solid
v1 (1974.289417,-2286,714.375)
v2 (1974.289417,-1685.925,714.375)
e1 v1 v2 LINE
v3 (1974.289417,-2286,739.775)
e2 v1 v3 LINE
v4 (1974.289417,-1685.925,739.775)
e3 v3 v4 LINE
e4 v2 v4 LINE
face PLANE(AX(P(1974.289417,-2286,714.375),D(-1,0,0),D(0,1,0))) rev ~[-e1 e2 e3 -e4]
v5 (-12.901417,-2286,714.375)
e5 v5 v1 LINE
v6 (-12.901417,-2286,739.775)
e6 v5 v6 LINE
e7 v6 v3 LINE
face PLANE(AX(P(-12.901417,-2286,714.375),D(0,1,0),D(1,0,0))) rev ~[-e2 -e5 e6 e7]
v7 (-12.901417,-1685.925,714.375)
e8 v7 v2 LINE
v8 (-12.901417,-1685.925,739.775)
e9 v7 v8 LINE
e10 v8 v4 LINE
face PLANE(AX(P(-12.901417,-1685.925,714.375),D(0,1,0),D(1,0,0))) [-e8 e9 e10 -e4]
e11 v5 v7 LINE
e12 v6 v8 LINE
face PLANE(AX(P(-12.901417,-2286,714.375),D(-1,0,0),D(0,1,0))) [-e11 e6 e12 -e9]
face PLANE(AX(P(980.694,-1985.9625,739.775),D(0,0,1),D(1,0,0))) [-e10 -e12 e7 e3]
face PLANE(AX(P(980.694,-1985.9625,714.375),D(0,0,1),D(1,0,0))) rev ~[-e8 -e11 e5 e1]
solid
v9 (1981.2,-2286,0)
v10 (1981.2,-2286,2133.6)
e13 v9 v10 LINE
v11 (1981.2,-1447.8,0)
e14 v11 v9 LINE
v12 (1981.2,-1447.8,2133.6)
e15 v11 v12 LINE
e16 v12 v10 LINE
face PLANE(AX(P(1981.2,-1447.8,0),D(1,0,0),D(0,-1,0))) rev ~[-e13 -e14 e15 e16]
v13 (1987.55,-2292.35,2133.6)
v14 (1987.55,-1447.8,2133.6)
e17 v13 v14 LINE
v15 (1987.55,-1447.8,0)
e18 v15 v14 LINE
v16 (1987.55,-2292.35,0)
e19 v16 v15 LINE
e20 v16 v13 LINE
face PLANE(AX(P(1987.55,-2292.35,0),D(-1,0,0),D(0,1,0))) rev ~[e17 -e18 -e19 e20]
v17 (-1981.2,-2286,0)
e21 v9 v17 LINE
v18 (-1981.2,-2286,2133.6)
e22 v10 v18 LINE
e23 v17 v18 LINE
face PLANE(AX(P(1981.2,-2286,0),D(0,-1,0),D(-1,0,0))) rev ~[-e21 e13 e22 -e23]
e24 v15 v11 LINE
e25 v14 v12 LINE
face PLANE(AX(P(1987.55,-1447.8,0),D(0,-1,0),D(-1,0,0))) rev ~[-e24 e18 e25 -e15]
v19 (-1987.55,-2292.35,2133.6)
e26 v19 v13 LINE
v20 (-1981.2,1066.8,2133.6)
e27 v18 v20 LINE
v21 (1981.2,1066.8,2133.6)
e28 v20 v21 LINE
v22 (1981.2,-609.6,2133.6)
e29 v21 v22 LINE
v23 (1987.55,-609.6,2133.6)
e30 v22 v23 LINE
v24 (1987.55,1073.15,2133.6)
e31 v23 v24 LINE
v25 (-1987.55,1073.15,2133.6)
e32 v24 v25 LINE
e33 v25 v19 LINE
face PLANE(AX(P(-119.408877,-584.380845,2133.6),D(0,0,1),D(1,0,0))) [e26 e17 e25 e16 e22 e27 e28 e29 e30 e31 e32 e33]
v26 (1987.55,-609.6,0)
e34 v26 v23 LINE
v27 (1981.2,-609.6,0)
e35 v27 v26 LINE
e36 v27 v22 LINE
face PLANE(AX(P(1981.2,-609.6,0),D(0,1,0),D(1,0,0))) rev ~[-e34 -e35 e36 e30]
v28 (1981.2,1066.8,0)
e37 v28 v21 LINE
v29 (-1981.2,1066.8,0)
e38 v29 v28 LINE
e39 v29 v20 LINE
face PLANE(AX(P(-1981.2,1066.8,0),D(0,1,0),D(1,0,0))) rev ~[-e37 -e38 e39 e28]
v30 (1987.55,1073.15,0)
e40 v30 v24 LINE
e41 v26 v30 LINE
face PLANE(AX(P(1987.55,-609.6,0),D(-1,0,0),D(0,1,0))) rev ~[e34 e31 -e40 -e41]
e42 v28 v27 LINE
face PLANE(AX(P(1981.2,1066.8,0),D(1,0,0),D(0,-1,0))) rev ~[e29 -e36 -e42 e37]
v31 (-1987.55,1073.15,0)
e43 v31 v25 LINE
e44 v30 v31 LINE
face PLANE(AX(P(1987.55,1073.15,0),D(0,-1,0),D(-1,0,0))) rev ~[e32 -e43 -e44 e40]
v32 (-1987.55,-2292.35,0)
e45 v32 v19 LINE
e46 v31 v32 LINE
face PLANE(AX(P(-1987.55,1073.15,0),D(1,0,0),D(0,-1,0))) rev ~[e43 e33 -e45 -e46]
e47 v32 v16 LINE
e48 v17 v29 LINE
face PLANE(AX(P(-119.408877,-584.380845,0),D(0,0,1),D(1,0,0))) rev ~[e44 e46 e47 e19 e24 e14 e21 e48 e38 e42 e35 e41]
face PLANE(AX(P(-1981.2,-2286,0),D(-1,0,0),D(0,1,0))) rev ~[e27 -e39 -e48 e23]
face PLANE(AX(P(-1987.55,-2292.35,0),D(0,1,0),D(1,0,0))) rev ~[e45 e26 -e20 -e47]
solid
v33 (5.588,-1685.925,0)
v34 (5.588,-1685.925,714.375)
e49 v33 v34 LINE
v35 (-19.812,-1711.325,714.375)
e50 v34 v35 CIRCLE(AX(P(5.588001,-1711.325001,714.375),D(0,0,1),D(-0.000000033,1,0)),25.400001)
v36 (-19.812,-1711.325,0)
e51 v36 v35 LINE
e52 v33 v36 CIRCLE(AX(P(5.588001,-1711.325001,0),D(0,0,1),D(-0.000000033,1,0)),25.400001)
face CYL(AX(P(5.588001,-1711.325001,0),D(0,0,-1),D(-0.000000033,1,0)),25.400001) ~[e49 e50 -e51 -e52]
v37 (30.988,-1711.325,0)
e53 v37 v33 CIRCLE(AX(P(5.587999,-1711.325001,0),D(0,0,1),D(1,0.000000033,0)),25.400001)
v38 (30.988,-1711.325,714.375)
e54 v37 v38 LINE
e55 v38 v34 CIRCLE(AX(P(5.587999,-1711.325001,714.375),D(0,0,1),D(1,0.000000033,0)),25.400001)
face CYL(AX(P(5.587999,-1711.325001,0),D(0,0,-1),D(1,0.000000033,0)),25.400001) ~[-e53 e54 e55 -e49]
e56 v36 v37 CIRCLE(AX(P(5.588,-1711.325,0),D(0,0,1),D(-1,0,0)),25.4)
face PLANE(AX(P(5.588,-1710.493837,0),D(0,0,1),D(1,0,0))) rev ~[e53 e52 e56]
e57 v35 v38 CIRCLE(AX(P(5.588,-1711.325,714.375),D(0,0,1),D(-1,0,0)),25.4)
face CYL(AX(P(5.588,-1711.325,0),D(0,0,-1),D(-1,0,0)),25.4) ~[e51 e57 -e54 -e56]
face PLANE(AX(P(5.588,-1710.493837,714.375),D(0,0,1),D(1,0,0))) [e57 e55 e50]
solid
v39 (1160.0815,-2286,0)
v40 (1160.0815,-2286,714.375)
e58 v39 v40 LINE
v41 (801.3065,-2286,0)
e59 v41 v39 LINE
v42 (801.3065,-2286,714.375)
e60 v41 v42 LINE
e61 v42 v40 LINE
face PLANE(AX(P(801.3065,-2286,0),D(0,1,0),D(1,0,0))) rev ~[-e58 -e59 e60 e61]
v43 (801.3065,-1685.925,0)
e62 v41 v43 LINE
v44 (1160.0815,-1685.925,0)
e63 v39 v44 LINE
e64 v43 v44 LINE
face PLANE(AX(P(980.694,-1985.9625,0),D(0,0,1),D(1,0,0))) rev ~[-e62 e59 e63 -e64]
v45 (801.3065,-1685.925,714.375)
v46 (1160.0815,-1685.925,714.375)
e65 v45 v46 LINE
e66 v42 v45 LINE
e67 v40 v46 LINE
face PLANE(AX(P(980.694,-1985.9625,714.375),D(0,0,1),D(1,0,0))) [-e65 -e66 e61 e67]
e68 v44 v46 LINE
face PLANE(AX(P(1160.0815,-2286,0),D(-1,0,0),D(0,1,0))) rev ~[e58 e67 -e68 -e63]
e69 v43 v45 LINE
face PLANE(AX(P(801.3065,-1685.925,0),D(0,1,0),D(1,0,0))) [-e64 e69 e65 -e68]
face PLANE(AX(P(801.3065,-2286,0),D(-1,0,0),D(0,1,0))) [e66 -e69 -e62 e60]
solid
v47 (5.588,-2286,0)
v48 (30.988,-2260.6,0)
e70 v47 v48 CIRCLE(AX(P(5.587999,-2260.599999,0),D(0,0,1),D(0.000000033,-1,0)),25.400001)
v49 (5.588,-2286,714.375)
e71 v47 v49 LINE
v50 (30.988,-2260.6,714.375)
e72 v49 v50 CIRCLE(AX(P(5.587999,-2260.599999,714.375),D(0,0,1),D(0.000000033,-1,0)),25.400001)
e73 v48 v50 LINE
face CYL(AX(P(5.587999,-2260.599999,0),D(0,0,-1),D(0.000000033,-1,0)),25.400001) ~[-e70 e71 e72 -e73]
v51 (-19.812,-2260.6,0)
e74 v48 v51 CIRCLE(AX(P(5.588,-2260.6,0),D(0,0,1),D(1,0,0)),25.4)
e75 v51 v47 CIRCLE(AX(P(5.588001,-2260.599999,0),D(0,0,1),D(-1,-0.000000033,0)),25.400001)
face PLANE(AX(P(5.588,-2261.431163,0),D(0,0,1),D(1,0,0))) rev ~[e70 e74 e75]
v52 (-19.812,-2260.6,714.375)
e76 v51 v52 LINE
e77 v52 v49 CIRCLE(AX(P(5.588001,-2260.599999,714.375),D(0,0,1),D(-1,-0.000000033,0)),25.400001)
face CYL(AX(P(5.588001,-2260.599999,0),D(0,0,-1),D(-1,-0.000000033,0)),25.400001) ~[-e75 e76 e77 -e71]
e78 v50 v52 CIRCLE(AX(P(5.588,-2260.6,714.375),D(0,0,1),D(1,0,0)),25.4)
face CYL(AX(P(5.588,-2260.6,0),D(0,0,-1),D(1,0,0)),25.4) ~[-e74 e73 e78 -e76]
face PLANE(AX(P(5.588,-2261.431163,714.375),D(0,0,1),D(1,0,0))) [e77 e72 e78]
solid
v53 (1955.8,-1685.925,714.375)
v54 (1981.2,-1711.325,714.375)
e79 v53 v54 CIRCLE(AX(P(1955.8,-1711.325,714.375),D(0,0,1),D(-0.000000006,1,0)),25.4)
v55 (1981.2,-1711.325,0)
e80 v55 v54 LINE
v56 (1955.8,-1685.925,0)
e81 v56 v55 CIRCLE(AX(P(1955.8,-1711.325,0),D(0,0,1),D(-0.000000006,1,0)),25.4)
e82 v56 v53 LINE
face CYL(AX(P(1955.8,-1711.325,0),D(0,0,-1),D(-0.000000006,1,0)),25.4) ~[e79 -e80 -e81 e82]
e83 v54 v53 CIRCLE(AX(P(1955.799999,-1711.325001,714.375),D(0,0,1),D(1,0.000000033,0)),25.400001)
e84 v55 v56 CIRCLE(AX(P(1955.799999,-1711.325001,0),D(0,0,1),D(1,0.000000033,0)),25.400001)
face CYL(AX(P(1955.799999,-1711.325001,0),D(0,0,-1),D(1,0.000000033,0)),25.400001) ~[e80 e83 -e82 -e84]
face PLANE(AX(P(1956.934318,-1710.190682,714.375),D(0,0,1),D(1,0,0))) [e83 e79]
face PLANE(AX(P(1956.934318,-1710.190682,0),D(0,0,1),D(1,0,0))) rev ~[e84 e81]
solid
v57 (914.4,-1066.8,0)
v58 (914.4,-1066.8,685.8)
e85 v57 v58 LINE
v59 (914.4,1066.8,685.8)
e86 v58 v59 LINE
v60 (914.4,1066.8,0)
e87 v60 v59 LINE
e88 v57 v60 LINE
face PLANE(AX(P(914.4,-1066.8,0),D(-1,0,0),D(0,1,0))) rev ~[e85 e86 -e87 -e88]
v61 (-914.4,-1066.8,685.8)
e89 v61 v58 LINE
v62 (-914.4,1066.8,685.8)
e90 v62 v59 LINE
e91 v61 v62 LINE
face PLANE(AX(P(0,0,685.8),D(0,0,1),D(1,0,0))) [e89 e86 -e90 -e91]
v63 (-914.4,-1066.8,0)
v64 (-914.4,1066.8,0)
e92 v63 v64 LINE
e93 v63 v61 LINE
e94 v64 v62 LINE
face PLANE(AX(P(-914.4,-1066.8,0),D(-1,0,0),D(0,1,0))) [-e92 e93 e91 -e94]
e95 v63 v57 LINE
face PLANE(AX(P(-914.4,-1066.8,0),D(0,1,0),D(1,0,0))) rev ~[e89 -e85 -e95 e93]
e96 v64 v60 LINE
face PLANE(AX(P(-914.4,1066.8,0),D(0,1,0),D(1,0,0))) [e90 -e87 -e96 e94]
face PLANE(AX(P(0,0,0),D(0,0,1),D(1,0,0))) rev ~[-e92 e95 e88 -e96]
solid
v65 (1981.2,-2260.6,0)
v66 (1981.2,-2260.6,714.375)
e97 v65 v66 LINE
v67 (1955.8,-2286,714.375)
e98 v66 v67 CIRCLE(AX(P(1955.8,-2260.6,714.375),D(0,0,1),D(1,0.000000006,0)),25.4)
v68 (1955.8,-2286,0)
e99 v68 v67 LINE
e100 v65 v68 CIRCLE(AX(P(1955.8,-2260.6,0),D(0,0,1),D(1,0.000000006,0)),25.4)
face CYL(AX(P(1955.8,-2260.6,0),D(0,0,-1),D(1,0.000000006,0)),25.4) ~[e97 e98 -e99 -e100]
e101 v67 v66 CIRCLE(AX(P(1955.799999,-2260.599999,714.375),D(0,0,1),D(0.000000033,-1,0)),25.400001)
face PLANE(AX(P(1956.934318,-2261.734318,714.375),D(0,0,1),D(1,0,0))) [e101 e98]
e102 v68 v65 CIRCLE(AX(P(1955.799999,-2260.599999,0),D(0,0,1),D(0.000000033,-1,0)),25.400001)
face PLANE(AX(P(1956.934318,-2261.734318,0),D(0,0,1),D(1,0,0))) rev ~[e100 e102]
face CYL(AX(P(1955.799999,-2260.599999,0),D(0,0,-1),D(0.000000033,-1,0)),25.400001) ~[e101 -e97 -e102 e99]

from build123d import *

# Parameters (mm, degrees)
F0_W     = 1828.8
F0_H     = 2133.6
F1_DEPTH = 685.8
F2_W     = 358.775
F2_H     = 600.075
F3_DEPTH = 714.375
F4_W     = 1987.190834
F4_H     = 600.075
F5_DEPTH = 25.4
F6_DEPTH = 2133.6


with BuildPart() as f1:
    # F0 (on Top) → F1 (new body)
    with BuildSketch(Plane.XY):
        Rectangle(F0_W, F0_H)
    extrude(amount=F1_DEPTH)


with BuildPart() as f3:
    # F2 (on Top) → F3 (new body)
    with BuildSketch(Plane.XY):
        with Locations((980.694, -1985.9625)):
            Rectangle(F2_W, F2_H)
        with BuildLine():
            ThreePointArc((1955.8, -2286), (1973.760512, -2278.560512), (1981.2, -2260.6))
            ThreePointArc((1981.2, -2260.6), (1937.839488, -2242.639488), (1955.8, -2286))
        make_face()
        with BuildLine():
            ThreePointArc((1955.8, -1685.925), (1937.839488, -1729.285512), (1981.2, -1711.325))
            ThreePointArc((1981.2, -1711.325), (1973.760512, -1693.364488), (1955.8, -1685.925))
        make_face()
        with BuildLine():
            ThreePointArc((-19.812, -2260.6), (-12.372512, -2278.560512), (5.588, -2286))
            ThreePointArc((5.588, -2286), (23.548512, -2278.560512), (30.988, -2260.6))
            ThreePointArc((30.988, -2260.6), (5.588, -2235.2), (-19.812, -2260.6))
        make_face()
        with BuildLine():
            ThreePointArc((5.588, -1685.925), (-12.372512, -1693.364488), (-19.812, -1711.325))
            ThreePointArc((-19.812, -1711.325), (5.588, -1736.725), (30.988, -1711.325))
            ThreePointArc((30.988, -1711.325), (23.548512, -1693.364488), (5.588, -1685.925))
        make_face()
    extrude(amount=F3_DEPTH)


with BuildPart() as f5:
    # F4 (on face) → F5 (new body)
    with BuildSketch(Plane.XY.offset(714.375)):
        with Locations((980.694, -1985.9625)):
            Rectangle(F4_W, F4_H)
    extrude(amount=F5_DEPTH)


with BuildPart() as f6:
    # F2 (on Top) → F6 (new body)
    with BuildSketch(Plane.XY):
        Polygon((-1981.2, -2286), (-1981.2, 1066.8), (1981.2, 1066.8), (1981.2, -609.6), (1987.55, -609.6), (1987.55, 1073.15), (-1987.55, 1073.15), (-1987.55, -2292.35), (-101.6, -2292.35), (-19.812, -2292.35), (1987.55, -2292.35), (1987.55, -1447.8), (1981.2, -1447.8), (1981.2, -1685.925), (1981.2, -1711.325), (1981.2, -2260.6), (1981.2, -2286), (1955.8, -2286), (1160.0815, -2286), (801.3065, -2286), (5.588, -2286), (-19.812, -2286), (-101.6, -2286), align=None)
    extrude(amount=F6_DEPTH)


solid = Compound([f1.part, f3.part, f5.part, f6.part])
